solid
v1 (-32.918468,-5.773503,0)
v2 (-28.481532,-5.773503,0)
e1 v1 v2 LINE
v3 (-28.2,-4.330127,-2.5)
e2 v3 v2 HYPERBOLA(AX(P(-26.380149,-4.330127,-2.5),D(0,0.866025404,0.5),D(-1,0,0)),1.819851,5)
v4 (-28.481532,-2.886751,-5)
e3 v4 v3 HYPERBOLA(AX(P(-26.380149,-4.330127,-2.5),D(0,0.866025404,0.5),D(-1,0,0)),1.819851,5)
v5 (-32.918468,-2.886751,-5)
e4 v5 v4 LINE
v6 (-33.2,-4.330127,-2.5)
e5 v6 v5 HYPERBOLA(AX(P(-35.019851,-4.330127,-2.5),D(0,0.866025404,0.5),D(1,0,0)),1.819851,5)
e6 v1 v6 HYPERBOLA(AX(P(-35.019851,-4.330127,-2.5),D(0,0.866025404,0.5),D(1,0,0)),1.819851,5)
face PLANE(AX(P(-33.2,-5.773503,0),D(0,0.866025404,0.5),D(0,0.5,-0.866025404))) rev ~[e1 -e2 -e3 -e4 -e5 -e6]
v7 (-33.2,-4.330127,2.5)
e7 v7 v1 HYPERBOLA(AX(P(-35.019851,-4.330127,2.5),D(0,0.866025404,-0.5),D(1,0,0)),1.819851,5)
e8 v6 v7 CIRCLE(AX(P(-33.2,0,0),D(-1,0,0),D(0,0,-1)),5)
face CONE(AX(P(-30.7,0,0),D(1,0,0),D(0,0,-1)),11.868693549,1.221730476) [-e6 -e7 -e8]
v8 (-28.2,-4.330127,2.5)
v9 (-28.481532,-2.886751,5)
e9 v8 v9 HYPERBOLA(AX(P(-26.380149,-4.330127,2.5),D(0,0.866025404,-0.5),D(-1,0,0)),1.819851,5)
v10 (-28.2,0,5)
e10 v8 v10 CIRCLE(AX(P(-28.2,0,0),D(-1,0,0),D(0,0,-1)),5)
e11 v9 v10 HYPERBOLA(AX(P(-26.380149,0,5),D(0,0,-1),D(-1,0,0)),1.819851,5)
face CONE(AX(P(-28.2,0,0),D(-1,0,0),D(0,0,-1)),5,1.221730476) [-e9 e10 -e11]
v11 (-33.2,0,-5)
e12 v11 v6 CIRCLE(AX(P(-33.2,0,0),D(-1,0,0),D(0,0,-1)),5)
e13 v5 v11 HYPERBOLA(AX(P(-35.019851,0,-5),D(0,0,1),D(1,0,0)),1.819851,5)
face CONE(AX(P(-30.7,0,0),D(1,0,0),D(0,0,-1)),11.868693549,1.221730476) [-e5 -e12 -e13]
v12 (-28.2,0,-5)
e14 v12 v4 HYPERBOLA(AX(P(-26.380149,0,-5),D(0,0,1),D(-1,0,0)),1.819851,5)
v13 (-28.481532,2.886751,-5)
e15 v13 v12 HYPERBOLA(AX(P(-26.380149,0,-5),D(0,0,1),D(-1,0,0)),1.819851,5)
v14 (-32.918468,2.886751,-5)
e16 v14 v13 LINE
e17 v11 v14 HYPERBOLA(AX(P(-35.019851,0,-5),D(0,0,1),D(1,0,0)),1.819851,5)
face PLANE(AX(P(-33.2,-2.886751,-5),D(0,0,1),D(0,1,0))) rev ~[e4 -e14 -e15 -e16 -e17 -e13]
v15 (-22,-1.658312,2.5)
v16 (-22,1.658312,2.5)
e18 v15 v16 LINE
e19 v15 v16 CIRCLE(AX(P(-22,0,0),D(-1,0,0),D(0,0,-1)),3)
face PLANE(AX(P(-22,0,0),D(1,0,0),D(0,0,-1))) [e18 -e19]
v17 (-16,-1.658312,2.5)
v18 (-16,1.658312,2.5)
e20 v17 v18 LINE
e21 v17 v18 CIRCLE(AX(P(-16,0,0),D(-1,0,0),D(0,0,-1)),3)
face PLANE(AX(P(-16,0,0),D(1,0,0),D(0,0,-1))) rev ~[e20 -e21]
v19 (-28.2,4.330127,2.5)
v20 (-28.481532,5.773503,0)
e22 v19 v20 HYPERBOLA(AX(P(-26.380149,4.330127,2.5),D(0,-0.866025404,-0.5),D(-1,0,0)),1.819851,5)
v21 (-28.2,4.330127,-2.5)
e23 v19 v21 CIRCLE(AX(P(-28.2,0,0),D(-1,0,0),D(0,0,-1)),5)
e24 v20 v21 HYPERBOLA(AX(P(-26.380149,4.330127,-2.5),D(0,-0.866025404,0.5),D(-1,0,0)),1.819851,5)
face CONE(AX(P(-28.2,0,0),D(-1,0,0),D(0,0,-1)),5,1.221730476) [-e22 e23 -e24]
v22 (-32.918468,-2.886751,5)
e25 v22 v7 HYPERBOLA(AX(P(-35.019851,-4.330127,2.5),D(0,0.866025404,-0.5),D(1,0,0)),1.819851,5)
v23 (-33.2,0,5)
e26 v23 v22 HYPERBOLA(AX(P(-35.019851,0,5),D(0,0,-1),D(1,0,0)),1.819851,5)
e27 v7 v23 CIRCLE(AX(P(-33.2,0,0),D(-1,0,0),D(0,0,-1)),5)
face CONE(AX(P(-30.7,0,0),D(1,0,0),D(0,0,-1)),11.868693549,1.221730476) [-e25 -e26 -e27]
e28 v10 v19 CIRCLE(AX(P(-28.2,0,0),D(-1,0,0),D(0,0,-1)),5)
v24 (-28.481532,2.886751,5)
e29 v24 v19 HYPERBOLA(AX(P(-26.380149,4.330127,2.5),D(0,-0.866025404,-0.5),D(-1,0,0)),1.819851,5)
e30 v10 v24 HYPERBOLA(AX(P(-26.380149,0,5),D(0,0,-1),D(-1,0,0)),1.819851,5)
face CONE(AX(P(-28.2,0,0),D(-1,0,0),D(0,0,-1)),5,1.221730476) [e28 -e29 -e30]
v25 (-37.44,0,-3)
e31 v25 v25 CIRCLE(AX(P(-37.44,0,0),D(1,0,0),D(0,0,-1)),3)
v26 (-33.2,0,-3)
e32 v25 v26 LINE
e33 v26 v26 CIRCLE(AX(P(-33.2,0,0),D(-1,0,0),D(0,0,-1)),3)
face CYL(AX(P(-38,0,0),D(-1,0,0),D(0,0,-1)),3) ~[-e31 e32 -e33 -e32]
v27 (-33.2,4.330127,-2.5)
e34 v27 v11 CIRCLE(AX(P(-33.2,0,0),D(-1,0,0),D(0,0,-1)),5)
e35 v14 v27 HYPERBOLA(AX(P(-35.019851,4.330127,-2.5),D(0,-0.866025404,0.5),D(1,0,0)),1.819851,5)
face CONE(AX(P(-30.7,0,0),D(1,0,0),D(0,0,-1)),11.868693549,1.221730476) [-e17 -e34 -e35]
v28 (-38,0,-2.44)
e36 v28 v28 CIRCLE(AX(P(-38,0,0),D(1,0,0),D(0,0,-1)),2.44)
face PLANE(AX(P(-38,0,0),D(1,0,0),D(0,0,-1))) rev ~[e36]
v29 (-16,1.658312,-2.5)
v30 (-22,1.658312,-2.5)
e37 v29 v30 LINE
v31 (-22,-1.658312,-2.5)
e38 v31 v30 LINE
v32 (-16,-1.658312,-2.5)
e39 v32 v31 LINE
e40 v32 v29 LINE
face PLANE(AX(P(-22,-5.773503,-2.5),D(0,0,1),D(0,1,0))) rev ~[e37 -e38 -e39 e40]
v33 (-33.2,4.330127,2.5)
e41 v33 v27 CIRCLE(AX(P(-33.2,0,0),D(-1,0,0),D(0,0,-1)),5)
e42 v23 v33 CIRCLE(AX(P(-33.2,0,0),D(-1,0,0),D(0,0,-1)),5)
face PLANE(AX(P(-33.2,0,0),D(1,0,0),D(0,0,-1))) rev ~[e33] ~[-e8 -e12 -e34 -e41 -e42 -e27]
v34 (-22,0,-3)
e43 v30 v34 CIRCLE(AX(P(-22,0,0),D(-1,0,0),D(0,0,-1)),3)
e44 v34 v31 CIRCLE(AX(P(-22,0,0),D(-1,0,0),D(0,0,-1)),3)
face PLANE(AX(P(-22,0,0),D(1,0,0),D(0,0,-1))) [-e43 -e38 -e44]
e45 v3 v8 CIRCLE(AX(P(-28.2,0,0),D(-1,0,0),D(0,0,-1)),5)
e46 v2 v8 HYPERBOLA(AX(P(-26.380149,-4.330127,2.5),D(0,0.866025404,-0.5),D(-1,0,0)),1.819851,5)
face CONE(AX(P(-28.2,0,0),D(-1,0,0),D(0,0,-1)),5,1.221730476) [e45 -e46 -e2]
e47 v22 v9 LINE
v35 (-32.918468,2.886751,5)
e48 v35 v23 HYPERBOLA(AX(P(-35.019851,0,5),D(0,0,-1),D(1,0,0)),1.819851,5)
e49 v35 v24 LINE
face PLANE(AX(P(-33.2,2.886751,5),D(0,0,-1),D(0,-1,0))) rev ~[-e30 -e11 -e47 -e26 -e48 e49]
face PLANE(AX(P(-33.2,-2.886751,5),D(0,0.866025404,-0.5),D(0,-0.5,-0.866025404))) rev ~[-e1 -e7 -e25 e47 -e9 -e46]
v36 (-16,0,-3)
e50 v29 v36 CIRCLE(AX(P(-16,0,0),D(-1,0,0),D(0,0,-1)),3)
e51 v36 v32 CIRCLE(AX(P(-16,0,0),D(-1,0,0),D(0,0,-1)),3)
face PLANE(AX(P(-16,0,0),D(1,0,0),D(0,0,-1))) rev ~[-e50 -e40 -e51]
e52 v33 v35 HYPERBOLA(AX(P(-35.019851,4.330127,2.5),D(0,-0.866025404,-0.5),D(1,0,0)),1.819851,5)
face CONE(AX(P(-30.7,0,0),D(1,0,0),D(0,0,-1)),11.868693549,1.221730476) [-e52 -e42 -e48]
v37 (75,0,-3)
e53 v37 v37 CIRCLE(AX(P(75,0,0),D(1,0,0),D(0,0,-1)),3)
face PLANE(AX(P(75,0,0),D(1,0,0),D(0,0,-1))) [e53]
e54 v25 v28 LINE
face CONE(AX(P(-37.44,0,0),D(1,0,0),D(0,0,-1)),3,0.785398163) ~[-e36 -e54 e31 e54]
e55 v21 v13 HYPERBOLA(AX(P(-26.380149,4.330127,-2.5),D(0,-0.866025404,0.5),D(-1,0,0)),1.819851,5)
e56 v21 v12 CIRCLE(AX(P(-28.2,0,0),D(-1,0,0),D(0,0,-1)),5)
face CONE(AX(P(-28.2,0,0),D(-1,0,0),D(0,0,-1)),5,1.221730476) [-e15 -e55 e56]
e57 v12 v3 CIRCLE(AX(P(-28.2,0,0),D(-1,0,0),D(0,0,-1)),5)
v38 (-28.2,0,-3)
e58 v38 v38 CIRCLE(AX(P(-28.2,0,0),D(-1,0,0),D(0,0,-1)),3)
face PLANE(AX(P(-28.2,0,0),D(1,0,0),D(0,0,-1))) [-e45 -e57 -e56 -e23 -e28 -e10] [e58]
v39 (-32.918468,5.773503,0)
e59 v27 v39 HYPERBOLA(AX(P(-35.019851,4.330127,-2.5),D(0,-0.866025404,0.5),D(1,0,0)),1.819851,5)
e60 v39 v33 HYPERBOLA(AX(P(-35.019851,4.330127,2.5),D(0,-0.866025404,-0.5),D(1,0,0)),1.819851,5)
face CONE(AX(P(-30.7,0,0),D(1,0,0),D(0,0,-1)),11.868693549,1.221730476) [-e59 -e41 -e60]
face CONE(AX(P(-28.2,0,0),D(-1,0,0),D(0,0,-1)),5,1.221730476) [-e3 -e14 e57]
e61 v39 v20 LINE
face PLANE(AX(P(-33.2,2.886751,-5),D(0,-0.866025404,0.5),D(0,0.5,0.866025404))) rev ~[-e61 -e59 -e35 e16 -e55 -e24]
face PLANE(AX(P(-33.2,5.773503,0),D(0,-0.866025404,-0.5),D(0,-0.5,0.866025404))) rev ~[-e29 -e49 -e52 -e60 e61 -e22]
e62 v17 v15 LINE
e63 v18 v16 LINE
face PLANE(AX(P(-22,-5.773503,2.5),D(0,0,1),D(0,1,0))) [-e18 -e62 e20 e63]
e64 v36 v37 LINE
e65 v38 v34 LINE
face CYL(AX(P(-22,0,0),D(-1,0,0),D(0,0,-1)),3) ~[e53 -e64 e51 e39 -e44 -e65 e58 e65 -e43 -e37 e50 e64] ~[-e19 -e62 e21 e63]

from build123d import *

# Parameters (mm, degrees)
EXTRUDE_START        = -38
SKETCH_3_R           = 3
EXTRUDE_1_DEPTH      = 16
EXTRUDE_START_2      = -33.2
EXTRUDE_2_DEPTH      = 5
SKETCH_5_R           = 3
EXTRUDE_3_DEPTH      = 97
CUT_EXTRUDE_START    = -22
SKETCH_6_OUTSIDE_W   = 34.806
SKETCH_6_OUTSIDE_H   = 36.354
SKETCH_6_OUTSIDE_W_2 = 5
SKETCH_6_OUTSIDE_H_2 = 11.547005384
CUT_EXTRUDE_1_DEPTH  = 6
CHAMFER_1_SIZE       = 0.56


with BuildPart() as part:
    # 草图3 → 凸台-拉伸1 (new body)
    with BuildSketch(Plane(origin=(0, 0, 0), x_dir=(0, 0, -1), z_dir=(1, 0, 0)).offset(EXTRUDE_START)):
        Circle(SKETCH_3_R)
    extrude(amount=EXTRUDE_1_DEPTH)

    # 草图4 → 凸台-拉伸2 (add)
    with BuildSketch(Plane(origin=(0, 0, 0), x_dir=(0, 0, -1), z_dir=(1, 0, 0)).offset(EXTRUDE_START_2)):
        Polygon((0, -5.773502692), (5, -2.886751346), (5, 2.886751346), (0, 5.773502692), (-5, 2.886751346), (-5, -2.886751346), align=None)
    extrude(amount=EXTRUDE_2_DEPTH)

    # 草图5 → 凸台-拉伸3 (add)
    with BuildSketch(Plane(origin=(-22, 0, 0), x_dir=(0, 0, -1), z_dir=(1, 0, 0))):
        Circle(SKETCH_5_R)
    extrude(amount=EXTRUDE_3_DEPTH)

    # 草图6 outside → 切除-拉伸1 (cut)
    with BuildSketch(Plane(origin=(0, 0, 0), x_dir=(0, 0, -1), z_dir=(1, 0, 0)).offset(CUT_EXTRUDE_START)):
        Rectangle(SKETCH_6_OUTSIDE_W, SKETCH_6_OUTSIDE_H)
        Rectangle(SKETCH_6_OUTSIDE_W_2, SKETCH_6_OUTSIDE_H_2, mode=Mode.SUBTRACT)
    extrude(amount=CUT_EXTRUDE_1_DEPTH, mode=Mode.SUBTRACT)

    # 草图7 → 切除-旋转1 (revolve, cut)
    with BuildSketch(Plane(origin=(0, 0, 0), x_dir=(1, 0, 0), z_dir=(0, 1, 0))):
        Polygon((-33.2, 5), (-33.2, 16.868693549), (-28.2, 16.868693549), (-28.2, 5), (-30.7, 11.868693549), align=None)
    revolve(axis=Axis((-16, 0, 0), (-1, 0, 0)), mode=Mode.SUBTRACT)

    # 倒角1
    chamfer_1_edges = [part.edges().sort_by_distance(p)[0] for p in [
        (-38, 0, 3),
    ]]
    chamfer(chamfer_1_edges, length=CHAMFER_1_SIZE)


solid = part.part
